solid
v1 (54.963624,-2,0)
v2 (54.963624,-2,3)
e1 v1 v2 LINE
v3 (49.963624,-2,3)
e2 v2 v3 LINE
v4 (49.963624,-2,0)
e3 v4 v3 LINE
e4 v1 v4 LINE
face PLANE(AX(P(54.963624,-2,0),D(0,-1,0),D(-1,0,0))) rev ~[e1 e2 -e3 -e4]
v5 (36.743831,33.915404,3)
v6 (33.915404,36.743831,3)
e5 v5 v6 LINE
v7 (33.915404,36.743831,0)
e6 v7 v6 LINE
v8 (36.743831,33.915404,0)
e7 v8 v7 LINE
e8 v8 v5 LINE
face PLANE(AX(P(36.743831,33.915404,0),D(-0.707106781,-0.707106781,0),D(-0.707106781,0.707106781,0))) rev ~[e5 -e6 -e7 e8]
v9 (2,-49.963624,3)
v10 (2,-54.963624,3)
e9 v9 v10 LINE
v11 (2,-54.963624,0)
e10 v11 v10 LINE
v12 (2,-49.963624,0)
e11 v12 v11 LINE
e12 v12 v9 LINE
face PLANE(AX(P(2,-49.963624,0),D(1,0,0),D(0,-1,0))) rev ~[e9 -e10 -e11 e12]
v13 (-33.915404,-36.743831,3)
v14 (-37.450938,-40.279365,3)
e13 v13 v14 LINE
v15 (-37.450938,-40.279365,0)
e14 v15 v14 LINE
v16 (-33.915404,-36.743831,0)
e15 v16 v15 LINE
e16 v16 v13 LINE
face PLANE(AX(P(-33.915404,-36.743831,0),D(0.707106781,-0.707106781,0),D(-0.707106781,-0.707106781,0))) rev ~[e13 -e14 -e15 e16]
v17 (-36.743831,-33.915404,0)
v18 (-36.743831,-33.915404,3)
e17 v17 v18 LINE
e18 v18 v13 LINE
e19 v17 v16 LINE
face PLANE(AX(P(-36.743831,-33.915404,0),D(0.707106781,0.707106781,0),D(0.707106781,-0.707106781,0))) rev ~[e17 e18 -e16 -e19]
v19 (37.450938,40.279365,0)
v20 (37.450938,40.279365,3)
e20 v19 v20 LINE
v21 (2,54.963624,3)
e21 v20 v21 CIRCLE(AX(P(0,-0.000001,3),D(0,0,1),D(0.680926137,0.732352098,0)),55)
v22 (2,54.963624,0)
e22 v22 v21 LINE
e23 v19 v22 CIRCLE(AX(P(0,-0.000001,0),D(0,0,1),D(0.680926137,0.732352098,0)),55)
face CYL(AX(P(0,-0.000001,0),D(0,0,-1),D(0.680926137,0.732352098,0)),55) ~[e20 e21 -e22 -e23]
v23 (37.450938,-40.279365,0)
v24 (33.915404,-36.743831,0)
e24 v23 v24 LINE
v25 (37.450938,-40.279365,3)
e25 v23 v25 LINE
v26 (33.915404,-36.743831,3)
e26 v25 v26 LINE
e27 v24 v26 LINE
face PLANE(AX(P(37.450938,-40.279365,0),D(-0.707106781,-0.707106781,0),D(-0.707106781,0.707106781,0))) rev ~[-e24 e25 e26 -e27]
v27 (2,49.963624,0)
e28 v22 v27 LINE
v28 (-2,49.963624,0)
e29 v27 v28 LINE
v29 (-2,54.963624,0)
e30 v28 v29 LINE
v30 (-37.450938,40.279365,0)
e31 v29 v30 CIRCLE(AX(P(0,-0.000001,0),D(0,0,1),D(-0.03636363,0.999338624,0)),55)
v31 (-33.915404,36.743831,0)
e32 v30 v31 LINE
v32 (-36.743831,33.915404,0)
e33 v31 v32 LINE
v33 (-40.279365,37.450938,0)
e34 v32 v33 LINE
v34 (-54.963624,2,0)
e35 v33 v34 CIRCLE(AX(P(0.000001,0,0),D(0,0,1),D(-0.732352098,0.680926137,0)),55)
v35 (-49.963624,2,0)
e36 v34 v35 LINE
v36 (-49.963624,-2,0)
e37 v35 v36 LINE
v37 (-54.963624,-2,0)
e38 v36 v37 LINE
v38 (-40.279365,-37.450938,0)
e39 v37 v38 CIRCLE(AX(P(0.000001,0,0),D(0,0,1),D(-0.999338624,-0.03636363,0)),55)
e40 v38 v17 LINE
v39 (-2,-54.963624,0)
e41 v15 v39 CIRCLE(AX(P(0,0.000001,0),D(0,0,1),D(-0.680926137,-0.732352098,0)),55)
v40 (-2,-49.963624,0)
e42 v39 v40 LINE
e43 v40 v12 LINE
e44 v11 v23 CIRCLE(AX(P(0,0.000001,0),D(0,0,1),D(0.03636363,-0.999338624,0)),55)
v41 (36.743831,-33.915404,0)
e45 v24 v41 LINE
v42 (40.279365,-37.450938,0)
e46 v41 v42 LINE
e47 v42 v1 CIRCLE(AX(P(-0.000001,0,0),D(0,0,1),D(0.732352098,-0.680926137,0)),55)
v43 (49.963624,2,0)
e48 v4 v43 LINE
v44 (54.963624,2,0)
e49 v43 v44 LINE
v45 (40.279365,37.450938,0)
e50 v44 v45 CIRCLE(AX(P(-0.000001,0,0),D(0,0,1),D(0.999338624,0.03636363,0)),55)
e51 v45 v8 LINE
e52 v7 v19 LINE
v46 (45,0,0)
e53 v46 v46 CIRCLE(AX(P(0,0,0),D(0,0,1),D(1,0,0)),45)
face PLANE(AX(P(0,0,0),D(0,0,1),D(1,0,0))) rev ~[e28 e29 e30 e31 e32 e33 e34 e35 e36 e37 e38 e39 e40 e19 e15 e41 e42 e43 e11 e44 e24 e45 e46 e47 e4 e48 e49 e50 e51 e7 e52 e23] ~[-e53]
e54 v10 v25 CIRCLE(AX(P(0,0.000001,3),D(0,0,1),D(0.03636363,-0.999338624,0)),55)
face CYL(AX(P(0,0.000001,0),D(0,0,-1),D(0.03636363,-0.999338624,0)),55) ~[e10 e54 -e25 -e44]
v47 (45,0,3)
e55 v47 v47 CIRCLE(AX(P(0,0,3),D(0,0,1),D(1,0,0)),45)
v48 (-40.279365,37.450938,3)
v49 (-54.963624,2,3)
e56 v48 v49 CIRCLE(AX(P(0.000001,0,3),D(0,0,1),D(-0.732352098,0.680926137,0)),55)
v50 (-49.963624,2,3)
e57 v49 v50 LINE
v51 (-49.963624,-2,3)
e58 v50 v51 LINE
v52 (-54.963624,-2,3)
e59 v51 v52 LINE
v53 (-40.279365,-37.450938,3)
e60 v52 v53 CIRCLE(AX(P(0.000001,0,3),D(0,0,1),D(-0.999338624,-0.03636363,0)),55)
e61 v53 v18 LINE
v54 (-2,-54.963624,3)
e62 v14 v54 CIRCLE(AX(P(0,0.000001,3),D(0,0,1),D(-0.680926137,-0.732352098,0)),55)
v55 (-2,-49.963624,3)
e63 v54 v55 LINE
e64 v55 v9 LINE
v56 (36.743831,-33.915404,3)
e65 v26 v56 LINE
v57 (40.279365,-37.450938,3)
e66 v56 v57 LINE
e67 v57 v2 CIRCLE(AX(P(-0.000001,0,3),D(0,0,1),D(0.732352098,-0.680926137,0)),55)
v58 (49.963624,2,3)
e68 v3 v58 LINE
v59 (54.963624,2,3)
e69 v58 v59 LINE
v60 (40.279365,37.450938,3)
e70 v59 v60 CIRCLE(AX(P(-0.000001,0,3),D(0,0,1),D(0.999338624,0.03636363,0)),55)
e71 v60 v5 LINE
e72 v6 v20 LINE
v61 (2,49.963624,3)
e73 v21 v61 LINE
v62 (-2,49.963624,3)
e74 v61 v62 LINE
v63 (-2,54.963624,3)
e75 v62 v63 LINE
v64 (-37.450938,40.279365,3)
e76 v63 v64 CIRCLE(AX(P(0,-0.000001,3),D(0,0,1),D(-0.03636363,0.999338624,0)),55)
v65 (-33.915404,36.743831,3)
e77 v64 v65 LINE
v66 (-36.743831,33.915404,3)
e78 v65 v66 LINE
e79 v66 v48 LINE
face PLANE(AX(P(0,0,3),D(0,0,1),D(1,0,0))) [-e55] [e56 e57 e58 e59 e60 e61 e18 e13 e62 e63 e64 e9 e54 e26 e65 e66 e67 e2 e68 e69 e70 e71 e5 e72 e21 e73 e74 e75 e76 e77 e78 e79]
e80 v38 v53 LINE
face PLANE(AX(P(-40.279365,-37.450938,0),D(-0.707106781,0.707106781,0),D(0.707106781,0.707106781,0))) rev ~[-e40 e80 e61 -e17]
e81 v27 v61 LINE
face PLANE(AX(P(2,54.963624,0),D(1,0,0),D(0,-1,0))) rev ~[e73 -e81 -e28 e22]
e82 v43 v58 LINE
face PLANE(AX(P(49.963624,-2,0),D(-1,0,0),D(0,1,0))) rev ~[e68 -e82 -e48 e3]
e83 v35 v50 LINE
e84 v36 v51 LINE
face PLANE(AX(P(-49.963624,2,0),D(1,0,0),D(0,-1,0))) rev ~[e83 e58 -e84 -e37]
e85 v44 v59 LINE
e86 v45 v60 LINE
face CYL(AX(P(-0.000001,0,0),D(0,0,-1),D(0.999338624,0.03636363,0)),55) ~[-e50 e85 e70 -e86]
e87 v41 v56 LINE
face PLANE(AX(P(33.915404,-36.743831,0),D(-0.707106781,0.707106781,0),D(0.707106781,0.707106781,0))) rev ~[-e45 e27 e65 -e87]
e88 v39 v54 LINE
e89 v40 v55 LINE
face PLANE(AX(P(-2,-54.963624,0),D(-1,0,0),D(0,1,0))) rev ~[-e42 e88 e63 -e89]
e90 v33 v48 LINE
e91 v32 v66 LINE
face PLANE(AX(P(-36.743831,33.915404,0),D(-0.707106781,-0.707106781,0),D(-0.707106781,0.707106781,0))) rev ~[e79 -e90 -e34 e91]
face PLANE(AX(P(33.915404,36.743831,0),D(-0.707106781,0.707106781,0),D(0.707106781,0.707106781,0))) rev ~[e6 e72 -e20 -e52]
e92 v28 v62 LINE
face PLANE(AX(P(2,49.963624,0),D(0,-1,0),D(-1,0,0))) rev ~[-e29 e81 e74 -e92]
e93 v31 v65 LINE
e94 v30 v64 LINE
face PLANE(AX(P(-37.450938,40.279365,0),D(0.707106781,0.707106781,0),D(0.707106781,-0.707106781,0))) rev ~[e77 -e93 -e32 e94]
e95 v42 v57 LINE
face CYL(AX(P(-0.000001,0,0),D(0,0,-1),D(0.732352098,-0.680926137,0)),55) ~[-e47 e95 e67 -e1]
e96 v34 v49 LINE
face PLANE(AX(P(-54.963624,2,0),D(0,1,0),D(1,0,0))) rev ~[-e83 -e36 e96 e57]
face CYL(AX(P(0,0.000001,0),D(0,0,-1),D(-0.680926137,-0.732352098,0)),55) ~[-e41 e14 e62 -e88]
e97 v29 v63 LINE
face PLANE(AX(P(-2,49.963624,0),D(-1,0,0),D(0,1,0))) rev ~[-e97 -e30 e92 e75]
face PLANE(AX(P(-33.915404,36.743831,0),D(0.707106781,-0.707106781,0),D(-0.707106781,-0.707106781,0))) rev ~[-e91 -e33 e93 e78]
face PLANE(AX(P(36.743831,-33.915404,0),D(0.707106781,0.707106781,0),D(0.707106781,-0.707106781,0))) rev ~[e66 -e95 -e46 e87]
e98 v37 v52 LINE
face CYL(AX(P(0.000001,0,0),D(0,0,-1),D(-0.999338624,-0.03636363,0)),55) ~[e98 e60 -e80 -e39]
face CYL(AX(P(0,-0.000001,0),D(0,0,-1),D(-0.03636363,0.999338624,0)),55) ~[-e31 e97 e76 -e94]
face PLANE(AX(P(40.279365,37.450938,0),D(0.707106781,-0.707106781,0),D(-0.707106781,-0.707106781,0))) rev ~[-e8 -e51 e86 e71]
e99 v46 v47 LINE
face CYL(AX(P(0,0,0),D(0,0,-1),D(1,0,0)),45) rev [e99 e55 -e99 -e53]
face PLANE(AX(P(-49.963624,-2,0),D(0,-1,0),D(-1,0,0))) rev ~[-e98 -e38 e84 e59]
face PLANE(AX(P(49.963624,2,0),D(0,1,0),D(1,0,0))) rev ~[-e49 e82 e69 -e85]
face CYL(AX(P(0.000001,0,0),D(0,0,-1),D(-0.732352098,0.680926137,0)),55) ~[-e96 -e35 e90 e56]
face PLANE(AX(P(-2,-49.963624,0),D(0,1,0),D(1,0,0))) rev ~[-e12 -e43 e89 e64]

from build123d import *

# Parameters (mm, degrees)
F0_R     = 45
F1_DEPTH = 3


with BuildPart() as f1:
    # F0 (on Top) → F1 (new body)
    with BuildSketch(Plane.XY):
        with BuildLine():
            Line((49.963624, 2), (54.963624, 2))
            ThreePointArc((54.963624, 2), (50.813374, 21.047589), (40.279365, 37.450938))
            Line((40.279365, 37.450938), (36.743831, 33.915404))
            Line((36.743831, 33.915404), (33.915404, 36.743831))
            Line((33.915404, 36.743831), (37.450938, 40.279365))
            ThreePointArc((37.450938, 40.279365), (21.047589, 50.813374), (2, 54.963624))
            Line((2, 54.963624), (2, 49.963624))
            Line((2, 49.963624), (-2, 49.963624))
            Line((-2, 49.963624), (-2, 54.963624))
            ThreePointArc((-2, 54.963624), (-21.047589, 50.813374), (-37.450938, 40.279365))
            Line((-37.450938, 40.279365), (-33.915404, 36.743831))
            Line((-33.915404, 36.743831), (-36.743831, 33.915404))
            Line((-36.743831, 33.915404), (-40.279365, 37.450938))
            ThreePointArc((-40.279365, 37.450938), (-50.813374, 21.047589), (-54.963624, 2))
            Line((-54.963624, 2), (-49.963624, 2))
            Line((-49.963624, 2), (-49.963624, -2))
            Line((-49.963624, -2), (-54.963624, -2))
            ThreePointArc((-54.963624, -2), (-50.813374, -21.047589), (-40.279365, -37.450938))
            Line((-40.279365, -37.450938), (-36.743831, -33.915404))
            Line((-36.743831, -33.915404), (-33.915404, -36.743831))
            Line((-33.915404, -36.743831), (-37.450938, -40.279365))
            ThreePointArc((-37.450938, -40.279365), (-21.047589, -50.813374), (-2, -54.963624))
            Line((-2, -54.963624), (-2, -49.963624))
            Line((-2, -49.963624), (0, -49.963624))
            Line((0, -49.963624), (2, -49.963624))
            Line((2, -49.963624), (2, -54.963624))
            ThreePointArc((2, -54.963624), (21.047589, -50.813374), (37.450938, -40.279365))
            Line((37.450938, -40.279365), (33.915404, -36.743831))
            Line((33.915404, -36.743831), (36.743831, -33.915404))
            Line((36.743831, -33.915404), (40.279365, -37.450938))
            ThreePointArc((40.279365, -37.450938), (50.813374, -21.047589), (54.963624, -2))
            Line((54.963624, -2), (49.963624, -2))
            Line((49.963624, -2), (49.963624, 2))
        make_face()
        Circle(F0_R, mode=Mode.SUBTRACT)
    extrude(amount=F1_DEPTH)


solid = f1.part
